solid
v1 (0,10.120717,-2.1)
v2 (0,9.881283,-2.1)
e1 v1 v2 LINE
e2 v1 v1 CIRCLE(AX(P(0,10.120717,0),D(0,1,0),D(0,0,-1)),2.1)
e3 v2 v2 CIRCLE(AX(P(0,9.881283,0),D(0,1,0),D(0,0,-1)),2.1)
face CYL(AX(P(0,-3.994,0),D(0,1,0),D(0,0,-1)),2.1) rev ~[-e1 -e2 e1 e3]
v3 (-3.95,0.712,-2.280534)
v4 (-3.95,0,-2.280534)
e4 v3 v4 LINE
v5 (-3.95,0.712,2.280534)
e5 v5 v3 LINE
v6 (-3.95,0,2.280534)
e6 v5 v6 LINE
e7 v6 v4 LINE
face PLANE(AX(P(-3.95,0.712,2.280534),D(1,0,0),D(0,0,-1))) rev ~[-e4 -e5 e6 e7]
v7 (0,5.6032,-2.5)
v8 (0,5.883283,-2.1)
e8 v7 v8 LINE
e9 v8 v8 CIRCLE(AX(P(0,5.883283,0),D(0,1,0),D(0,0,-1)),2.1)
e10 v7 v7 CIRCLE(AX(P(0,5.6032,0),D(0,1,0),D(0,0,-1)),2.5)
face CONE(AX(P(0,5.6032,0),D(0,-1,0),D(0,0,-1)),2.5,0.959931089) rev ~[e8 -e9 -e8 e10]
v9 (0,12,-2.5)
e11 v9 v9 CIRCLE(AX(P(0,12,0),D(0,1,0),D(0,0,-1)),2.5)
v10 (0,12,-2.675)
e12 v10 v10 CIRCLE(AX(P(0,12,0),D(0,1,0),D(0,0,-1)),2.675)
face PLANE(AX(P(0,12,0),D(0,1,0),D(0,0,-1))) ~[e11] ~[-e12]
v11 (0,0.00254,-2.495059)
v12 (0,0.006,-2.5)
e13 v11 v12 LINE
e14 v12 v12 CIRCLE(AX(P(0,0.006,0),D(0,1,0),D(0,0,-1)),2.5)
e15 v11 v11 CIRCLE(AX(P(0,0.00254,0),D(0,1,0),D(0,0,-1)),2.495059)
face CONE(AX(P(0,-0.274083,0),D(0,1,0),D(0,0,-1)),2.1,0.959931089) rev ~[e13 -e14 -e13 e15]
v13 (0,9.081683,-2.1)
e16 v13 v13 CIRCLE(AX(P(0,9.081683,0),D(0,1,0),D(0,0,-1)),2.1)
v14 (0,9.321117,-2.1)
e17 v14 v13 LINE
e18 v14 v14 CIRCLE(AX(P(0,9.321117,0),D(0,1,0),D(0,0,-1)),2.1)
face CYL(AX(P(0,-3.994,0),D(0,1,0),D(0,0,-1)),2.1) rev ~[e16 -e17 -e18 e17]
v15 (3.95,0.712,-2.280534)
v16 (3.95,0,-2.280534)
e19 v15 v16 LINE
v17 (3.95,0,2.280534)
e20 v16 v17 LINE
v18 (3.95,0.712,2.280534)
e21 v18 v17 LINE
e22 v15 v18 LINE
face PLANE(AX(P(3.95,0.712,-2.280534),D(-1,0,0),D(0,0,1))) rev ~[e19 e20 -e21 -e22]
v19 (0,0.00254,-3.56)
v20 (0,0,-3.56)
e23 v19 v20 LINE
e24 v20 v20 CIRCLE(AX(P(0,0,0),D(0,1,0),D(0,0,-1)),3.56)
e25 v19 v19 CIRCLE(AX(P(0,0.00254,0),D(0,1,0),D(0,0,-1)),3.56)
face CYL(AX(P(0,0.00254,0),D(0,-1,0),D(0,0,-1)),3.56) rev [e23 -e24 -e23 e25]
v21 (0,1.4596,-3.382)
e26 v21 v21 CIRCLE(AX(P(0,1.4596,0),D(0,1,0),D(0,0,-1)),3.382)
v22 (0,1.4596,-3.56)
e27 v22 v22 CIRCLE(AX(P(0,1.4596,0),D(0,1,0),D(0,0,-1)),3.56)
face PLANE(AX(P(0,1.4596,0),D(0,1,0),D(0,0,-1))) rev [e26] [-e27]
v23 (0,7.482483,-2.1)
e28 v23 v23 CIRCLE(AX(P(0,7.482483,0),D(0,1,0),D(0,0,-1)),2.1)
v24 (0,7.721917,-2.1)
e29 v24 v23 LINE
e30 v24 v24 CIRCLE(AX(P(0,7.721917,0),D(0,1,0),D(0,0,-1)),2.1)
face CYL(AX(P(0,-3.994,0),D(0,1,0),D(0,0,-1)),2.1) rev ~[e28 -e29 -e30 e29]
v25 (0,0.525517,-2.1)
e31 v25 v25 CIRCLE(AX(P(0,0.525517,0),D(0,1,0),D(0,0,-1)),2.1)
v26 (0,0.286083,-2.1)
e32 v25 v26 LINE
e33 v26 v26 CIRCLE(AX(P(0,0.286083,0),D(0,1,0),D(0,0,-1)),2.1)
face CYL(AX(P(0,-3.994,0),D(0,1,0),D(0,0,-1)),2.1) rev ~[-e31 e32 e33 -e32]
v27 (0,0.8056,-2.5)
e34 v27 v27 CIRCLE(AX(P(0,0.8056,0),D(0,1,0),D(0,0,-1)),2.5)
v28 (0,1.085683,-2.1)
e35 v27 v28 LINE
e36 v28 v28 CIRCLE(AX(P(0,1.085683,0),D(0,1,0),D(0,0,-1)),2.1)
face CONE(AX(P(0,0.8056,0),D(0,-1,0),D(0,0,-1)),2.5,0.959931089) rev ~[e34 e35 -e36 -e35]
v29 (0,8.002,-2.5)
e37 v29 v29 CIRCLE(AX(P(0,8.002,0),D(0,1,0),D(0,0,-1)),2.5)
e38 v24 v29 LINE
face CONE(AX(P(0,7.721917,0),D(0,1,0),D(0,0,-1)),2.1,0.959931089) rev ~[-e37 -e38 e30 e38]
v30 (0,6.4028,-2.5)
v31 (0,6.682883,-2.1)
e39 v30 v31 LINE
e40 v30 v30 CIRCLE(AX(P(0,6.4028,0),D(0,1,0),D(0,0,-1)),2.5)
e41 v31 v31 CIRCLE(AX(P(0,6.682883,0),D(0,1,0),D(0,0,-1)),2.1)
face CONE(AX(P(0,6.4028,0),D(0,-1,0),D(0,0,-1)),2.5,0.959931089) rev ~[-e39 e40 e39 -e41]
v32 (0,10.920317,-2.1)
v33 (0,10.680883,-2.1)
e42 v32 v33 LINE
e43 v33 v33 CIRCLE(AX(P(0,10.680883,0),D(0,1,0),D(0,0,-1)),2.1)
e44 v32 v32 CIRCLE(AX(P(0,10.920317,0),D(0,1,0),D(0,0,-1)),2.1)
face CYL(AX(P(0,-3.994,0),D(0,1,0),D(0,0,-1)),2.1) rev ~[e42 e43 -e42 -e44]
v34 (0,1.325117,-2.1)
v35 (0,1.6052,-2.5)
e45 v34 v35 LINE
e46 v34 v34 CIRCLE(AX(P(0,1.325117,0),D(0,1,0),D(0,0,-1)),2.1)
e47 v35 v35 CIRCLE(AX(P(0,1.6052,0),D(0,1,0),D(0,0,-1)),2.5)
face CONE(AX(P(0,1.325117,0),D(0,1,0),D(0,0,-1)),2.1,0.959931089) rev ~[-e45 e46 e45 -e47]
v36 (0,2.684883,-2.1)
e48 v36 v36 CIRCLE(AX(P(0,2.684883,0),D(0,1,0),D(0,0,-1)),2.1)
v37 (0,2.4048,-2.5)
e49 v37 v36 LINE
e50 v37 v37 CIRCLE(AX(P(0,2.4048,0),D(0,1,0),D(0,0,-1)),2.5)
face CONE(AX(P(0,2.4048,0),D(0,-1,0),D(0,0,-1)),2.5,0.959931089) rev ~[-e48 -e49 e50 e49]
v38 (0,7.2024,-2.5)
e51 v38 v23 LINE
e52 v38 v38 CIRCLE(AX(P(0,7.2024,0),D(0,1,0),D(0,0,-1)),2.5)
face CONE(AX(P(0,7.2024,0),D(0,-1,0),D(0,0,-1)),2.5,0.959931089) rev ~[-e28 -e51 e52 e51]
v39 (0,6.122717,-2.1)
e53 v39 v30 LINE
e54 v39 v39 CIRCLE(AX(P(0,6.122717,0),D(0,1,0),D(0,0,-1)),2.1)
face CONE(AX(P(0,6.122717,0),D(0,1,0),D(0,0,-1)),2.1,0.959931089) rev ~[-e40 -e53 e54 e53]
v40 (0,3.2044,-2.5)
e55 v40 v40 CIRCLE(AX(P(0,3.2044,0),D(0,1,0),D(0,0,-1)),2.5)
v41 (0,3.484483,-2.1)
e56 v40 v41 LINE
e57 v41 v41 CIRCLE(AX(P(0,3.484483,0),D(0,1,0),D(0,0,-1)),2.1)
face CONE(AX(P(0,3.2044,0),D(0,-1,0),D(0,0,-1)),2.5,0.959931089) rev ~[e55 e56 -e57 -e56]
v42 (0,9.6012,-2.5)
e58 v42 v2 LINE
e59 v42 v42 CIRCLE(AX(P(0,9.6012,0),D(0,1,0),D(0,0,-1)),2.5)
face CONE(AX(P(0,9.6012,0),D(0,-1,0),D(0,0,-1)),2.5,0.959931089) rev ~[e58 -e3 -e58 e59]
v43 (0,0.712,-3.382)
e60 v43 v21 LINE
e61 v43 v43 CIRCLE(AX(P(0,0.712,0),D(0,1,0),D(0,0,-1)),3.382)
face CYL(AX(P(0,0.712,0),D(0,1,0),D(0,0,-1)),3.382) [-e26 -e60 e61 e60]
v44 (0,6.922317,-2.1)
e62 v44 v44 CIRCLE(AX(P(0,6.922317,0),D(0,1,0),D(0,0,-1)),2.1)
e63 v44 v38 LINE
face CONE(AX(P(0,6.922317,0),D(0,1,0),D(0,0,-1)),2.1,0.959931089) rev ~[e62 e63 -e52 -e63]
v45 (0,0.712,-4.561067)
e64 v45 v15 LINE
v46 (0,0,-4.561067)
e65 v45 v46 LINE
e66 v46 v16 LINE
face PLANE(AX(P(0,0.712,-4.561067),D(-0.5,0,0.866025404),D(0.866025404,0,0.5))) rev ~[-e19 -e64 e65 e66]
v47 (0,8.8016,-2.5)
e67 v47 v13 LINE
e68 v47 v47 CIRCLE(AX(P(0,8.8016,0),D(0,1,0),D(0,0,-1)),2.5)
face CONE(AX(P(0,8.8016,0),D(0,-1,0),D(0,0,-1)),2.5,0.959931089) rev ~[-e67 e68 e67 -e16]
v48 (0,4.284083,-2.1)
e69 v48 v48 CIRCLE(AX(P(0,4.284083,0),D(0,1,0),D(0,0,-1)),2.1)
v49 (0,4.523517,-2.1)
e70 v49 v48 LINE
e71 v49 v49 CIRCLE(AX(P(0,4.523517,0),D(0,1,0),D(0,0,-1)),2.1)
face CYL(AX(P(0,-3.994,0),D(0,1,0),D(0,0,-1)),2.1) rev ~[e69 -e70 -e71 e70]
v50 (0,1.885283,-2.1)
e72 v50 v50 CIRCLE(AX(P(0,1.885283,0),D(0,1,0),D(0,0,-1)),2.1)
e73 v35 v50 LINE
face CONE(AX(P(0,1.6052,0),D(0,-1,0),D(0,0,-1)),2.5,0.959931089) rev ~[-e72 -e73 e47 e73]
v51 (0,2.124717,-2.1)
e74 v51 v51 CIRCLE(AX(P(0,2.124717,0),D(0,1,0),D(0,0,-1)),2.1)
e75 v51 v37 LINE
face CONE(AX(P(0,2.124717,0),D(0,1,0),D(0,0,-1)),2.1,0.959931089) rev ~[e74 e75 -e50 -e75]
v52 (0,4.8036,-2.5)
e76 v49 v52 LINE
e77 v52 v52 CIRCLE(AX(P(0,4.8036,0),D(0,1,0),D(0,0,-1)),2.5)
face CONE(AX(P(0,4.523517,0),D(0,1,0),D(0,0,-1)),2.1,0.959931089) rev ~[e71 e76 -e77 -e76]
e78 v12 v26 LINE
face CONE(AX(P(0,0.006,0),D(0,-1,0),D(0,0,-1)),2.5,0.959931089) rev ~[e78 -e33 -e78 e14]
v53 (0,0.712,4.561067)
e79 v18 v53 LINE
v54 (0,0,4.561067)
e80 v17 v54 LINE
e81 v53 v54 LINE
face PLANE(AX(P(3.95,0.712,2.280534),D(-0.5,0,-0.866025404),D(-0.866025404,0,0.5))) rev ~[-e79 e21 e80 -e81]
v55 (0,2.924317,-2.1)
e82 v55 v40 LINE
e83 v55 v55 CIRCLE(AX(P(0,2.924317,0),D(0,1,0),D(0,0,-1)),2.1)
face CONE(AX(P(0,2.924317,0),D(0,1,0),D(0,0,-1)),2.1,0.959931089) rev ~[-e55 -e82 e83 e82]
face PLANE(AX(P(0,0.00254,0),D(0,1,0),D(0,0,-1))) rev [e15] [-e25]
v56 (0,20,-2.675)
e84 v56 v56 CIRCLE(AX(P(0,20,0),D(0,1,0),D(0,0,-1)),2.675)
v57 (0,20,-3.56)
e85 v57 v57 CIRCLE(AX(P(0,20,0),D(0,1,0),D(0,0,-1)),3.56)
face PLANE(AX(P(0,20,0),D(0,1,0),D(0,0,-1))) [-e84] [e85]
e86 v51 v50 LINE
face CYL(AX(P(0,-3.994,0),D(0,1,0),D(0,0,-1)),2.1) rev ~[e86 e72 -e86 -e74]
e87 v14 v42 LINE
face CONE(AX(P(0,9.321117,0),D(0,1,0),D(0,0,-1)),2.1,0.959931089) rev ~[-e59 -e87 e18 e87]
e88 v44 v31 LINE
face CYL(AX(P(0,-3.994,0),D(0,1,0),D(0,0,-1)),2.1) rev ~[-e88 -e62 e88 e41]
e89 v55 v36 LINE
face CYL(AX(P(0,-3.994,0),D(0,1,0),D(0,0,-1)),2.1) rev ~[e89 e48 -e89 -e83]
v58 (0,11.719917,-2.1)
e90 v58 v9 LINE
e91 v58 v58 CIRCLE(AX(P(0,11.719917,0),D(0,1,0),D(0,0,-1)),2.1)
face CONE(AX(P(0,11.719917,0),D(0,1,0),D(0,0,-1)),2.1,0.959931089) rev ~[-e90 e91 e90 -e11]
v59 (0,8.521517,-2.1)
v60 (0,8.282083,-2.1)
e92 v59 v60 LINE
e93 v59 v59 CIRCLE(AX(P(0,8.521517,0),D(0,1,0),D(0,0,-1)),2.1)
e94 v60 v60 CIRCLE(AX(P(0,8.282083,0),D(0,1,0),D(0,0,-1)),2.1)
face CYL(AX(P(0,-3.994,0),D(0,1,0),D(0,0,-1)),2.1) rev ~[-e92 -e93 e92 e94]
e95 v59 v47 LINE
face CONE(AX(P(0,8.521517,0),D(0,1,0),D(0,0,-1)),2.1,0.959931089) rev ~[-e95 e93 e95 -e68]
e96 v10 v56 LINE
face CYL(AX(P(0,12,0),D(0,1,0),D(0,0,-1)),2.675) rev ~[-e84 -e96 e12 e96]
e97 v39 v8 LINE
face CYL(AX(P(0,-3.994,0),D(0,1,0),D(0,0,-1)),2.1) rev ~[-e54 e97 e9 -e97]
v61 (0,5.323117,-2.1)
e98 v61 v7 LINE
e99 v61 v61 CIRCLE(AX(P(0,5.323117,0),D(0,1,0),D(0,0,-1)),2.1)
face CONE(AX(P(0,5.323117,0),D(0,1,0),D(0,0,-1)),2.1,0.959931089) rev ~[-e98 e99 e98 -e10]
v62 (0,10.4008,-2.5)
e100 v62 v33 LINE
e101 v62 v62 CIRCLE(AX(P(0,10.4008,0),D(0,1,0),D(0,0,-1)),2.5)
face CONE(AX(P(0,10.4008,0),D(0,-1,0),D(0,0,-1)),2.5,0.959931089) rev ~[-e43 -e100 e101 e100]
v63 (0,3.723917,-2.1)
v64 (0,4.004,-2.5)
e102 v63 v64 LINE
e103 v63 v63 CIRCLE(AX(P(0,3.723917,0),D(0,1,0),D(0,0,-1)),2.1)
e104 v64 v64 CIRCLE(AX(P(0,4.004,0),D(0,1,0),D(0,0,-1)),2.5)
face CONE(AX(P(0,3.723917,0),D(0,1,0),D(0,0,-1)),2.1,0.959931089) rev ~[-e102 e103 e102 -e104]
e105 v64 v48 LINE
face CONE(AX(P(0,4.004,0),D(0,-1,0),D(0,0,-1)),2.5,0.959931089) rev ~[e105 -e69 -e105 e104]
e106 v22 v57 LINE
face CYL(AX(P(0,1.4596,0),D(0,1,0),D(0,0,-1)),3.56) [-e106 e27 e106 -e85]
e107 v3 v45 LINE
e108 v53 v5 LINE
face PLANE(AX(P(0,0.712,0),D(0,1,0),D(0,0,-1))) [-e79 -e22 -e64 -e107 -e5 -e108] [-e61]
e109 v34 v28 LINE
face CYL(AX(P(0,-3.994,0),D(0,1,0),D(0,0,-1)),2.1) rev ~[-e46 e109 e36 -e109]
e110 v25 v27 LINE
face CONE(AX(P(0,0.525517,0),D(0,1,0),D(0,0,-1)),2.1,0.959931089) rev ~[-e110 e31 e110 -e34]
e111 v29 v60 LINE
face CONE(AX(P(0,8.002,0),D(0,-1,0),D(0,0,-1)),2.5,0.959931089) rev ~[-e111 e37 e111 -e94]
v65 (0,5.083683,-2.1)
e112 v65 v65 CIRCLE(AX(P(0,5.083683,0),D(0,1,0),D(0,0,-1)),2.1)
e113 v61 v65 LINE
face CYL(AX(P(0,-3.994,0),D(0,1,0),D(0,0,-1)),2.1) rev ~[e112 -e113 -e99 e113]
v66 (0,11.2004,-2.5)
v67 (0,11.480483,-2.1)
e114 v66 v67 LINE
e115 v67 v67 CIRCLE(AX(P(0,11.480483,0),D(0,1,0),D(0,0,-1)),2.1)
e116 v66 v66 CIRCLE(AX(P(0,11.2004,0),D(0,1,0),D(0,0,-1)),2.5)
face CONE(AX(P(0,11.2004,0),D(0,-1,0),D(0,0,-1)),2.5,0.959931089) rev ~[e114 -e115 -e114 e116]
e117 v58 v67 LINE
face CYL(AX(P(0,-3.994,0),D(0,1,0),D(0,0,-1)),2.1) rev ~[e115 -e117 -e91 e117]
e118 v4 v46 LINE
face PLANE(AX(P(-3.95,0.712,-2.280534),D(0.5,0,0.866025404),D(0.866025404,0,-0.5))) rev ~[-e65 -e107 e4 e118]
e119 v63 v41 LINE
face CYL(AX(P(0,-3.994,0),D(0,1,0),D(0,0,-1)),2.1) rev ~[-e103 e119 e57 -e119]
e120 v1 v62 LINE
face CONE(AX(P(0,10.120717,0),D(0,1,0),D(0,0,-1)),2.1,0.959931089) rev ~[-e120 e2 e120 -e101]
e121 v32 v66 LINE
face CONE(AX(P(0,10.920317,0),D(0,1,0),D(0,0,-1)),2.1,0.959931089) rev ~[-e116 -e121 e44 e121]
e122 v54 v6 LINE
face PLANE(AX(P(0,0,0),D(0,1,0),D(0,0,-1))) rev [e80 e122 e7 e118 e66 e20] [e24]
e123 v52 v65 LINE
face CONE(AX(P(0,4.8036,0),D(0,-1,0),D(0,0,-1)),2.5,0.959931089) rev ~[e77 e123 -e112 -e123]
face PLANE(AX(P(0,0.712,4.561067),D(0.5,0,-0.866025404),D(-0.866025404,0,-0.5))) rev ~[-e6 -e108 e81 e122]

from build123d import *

# Parameters (mm, degrees)
THDSCHPAT_COUNT = 16
THDSCHPAT_PITCH = 0.7996
HEXDIESKE_R     = 4.5825
HEXDIE_DEPTH    = 0.712


with BuildPart() as part:
    # BodySke → Body (revolve)
    with BuildSketch(Plane.XY, mode=Mode.PRIVATE) as body_sk:
        Polygon((3.56, 0), (4.582, 0), (4.582, 0.712), (3.382, 0.712), (3.382, 1.4596), (3.56, 1.4596), (3.56, 20), (2.1, 20), (2.1, 0.006), (0, 0.006), (0, 0.00254), (3.56, 0.00254), align=None)
    revolve(body_sk.sketch.rotate(Axis((0, 0, 0), (0, 1, 0)), 90), axis=Axis((0, 0, 0), (0, 1, 0)))

    # TapDriSke → TapDrill (revolve, cut)
    with BuildSketch(Plane.XY, mode=Mode.PRIVATE) as tapdrill_sk:
        Polygon((2.1, -3.994), (2.1, 20), (0, 20), (0, -4.863848481), align=None)
    revolve(tapdrill_sk.sketch.rotate(Axis((0, 0, 0), (0, 1, 0)), 90), axis=Axis((0, 0, 0), (0, 1, 0)), mode=Mode.SUBTRACT)

    # EndChamferSke → EndChamfer (revolve, cut)
    with BuildSketch(Plane.XY, mode=Mode.PRIVATE) as endchamfer_sk:
        Polygon((2.675, 12), (2.675, 20.254), (2.1, 20.254), (2.1, 11.720021014), (2.5, 12), align=None)
    revolve(endchamfer_sk.sketch.rotate(Axis((0, -2.54, 0), (0, 1, 0)), 90), axis=Axis((0, -2.54, 0), (0, 1, 0)), mode=Mode.SUBTRACT)

    # ThdSchSke → ThreadSchematic (revolve, cut)
    with BuildSketch(Plane.XY, mode=Mode.PRIVATE) as threadschematic_sk:
        Polygon((2.5, 12), (2.1, 12.280083015), (2.1, 11.719916985), align=None)
    threadschematic = revolve(threadschematic_sk.sketch.rotate(Axis((0, -5.08, 0), (0, 1, 0)), 90), axis=Axis((0, -5.08, 0), (0, 1, 0)), mode=Mode.SUBTRACT)

    # ThdSchPat: ThreadSchematic ×16
    with Locations(*[(0, -i * THDSCHPAT_PITCH, 0) for i in range(1, THDSCHPAT_COUNT)]):
        add(threadschematic, mode=Mode.SUBTRACT)

    # HexDieSke → HexDie (cut)
    with BuildSketch(Plane(origin=(0, 0.712, 0), x_dir=(-1, 0, 0), z_dir=(0, 1, 0))):
        Circle(HEXDIESKE_R)
        Polygon((0, 4.561067127), (3.95, 2.280533563), (3.95, -2.280533563), (0, -4.561067127), (-3.95, -2.280533563), (-3.95, 2.280533563), align=None, mode=Mode.SUBTRACT)
    extrude(amount=-HEXDIE_DEPTH, mode=Mode.SUBTRACT)


solid = part.part
